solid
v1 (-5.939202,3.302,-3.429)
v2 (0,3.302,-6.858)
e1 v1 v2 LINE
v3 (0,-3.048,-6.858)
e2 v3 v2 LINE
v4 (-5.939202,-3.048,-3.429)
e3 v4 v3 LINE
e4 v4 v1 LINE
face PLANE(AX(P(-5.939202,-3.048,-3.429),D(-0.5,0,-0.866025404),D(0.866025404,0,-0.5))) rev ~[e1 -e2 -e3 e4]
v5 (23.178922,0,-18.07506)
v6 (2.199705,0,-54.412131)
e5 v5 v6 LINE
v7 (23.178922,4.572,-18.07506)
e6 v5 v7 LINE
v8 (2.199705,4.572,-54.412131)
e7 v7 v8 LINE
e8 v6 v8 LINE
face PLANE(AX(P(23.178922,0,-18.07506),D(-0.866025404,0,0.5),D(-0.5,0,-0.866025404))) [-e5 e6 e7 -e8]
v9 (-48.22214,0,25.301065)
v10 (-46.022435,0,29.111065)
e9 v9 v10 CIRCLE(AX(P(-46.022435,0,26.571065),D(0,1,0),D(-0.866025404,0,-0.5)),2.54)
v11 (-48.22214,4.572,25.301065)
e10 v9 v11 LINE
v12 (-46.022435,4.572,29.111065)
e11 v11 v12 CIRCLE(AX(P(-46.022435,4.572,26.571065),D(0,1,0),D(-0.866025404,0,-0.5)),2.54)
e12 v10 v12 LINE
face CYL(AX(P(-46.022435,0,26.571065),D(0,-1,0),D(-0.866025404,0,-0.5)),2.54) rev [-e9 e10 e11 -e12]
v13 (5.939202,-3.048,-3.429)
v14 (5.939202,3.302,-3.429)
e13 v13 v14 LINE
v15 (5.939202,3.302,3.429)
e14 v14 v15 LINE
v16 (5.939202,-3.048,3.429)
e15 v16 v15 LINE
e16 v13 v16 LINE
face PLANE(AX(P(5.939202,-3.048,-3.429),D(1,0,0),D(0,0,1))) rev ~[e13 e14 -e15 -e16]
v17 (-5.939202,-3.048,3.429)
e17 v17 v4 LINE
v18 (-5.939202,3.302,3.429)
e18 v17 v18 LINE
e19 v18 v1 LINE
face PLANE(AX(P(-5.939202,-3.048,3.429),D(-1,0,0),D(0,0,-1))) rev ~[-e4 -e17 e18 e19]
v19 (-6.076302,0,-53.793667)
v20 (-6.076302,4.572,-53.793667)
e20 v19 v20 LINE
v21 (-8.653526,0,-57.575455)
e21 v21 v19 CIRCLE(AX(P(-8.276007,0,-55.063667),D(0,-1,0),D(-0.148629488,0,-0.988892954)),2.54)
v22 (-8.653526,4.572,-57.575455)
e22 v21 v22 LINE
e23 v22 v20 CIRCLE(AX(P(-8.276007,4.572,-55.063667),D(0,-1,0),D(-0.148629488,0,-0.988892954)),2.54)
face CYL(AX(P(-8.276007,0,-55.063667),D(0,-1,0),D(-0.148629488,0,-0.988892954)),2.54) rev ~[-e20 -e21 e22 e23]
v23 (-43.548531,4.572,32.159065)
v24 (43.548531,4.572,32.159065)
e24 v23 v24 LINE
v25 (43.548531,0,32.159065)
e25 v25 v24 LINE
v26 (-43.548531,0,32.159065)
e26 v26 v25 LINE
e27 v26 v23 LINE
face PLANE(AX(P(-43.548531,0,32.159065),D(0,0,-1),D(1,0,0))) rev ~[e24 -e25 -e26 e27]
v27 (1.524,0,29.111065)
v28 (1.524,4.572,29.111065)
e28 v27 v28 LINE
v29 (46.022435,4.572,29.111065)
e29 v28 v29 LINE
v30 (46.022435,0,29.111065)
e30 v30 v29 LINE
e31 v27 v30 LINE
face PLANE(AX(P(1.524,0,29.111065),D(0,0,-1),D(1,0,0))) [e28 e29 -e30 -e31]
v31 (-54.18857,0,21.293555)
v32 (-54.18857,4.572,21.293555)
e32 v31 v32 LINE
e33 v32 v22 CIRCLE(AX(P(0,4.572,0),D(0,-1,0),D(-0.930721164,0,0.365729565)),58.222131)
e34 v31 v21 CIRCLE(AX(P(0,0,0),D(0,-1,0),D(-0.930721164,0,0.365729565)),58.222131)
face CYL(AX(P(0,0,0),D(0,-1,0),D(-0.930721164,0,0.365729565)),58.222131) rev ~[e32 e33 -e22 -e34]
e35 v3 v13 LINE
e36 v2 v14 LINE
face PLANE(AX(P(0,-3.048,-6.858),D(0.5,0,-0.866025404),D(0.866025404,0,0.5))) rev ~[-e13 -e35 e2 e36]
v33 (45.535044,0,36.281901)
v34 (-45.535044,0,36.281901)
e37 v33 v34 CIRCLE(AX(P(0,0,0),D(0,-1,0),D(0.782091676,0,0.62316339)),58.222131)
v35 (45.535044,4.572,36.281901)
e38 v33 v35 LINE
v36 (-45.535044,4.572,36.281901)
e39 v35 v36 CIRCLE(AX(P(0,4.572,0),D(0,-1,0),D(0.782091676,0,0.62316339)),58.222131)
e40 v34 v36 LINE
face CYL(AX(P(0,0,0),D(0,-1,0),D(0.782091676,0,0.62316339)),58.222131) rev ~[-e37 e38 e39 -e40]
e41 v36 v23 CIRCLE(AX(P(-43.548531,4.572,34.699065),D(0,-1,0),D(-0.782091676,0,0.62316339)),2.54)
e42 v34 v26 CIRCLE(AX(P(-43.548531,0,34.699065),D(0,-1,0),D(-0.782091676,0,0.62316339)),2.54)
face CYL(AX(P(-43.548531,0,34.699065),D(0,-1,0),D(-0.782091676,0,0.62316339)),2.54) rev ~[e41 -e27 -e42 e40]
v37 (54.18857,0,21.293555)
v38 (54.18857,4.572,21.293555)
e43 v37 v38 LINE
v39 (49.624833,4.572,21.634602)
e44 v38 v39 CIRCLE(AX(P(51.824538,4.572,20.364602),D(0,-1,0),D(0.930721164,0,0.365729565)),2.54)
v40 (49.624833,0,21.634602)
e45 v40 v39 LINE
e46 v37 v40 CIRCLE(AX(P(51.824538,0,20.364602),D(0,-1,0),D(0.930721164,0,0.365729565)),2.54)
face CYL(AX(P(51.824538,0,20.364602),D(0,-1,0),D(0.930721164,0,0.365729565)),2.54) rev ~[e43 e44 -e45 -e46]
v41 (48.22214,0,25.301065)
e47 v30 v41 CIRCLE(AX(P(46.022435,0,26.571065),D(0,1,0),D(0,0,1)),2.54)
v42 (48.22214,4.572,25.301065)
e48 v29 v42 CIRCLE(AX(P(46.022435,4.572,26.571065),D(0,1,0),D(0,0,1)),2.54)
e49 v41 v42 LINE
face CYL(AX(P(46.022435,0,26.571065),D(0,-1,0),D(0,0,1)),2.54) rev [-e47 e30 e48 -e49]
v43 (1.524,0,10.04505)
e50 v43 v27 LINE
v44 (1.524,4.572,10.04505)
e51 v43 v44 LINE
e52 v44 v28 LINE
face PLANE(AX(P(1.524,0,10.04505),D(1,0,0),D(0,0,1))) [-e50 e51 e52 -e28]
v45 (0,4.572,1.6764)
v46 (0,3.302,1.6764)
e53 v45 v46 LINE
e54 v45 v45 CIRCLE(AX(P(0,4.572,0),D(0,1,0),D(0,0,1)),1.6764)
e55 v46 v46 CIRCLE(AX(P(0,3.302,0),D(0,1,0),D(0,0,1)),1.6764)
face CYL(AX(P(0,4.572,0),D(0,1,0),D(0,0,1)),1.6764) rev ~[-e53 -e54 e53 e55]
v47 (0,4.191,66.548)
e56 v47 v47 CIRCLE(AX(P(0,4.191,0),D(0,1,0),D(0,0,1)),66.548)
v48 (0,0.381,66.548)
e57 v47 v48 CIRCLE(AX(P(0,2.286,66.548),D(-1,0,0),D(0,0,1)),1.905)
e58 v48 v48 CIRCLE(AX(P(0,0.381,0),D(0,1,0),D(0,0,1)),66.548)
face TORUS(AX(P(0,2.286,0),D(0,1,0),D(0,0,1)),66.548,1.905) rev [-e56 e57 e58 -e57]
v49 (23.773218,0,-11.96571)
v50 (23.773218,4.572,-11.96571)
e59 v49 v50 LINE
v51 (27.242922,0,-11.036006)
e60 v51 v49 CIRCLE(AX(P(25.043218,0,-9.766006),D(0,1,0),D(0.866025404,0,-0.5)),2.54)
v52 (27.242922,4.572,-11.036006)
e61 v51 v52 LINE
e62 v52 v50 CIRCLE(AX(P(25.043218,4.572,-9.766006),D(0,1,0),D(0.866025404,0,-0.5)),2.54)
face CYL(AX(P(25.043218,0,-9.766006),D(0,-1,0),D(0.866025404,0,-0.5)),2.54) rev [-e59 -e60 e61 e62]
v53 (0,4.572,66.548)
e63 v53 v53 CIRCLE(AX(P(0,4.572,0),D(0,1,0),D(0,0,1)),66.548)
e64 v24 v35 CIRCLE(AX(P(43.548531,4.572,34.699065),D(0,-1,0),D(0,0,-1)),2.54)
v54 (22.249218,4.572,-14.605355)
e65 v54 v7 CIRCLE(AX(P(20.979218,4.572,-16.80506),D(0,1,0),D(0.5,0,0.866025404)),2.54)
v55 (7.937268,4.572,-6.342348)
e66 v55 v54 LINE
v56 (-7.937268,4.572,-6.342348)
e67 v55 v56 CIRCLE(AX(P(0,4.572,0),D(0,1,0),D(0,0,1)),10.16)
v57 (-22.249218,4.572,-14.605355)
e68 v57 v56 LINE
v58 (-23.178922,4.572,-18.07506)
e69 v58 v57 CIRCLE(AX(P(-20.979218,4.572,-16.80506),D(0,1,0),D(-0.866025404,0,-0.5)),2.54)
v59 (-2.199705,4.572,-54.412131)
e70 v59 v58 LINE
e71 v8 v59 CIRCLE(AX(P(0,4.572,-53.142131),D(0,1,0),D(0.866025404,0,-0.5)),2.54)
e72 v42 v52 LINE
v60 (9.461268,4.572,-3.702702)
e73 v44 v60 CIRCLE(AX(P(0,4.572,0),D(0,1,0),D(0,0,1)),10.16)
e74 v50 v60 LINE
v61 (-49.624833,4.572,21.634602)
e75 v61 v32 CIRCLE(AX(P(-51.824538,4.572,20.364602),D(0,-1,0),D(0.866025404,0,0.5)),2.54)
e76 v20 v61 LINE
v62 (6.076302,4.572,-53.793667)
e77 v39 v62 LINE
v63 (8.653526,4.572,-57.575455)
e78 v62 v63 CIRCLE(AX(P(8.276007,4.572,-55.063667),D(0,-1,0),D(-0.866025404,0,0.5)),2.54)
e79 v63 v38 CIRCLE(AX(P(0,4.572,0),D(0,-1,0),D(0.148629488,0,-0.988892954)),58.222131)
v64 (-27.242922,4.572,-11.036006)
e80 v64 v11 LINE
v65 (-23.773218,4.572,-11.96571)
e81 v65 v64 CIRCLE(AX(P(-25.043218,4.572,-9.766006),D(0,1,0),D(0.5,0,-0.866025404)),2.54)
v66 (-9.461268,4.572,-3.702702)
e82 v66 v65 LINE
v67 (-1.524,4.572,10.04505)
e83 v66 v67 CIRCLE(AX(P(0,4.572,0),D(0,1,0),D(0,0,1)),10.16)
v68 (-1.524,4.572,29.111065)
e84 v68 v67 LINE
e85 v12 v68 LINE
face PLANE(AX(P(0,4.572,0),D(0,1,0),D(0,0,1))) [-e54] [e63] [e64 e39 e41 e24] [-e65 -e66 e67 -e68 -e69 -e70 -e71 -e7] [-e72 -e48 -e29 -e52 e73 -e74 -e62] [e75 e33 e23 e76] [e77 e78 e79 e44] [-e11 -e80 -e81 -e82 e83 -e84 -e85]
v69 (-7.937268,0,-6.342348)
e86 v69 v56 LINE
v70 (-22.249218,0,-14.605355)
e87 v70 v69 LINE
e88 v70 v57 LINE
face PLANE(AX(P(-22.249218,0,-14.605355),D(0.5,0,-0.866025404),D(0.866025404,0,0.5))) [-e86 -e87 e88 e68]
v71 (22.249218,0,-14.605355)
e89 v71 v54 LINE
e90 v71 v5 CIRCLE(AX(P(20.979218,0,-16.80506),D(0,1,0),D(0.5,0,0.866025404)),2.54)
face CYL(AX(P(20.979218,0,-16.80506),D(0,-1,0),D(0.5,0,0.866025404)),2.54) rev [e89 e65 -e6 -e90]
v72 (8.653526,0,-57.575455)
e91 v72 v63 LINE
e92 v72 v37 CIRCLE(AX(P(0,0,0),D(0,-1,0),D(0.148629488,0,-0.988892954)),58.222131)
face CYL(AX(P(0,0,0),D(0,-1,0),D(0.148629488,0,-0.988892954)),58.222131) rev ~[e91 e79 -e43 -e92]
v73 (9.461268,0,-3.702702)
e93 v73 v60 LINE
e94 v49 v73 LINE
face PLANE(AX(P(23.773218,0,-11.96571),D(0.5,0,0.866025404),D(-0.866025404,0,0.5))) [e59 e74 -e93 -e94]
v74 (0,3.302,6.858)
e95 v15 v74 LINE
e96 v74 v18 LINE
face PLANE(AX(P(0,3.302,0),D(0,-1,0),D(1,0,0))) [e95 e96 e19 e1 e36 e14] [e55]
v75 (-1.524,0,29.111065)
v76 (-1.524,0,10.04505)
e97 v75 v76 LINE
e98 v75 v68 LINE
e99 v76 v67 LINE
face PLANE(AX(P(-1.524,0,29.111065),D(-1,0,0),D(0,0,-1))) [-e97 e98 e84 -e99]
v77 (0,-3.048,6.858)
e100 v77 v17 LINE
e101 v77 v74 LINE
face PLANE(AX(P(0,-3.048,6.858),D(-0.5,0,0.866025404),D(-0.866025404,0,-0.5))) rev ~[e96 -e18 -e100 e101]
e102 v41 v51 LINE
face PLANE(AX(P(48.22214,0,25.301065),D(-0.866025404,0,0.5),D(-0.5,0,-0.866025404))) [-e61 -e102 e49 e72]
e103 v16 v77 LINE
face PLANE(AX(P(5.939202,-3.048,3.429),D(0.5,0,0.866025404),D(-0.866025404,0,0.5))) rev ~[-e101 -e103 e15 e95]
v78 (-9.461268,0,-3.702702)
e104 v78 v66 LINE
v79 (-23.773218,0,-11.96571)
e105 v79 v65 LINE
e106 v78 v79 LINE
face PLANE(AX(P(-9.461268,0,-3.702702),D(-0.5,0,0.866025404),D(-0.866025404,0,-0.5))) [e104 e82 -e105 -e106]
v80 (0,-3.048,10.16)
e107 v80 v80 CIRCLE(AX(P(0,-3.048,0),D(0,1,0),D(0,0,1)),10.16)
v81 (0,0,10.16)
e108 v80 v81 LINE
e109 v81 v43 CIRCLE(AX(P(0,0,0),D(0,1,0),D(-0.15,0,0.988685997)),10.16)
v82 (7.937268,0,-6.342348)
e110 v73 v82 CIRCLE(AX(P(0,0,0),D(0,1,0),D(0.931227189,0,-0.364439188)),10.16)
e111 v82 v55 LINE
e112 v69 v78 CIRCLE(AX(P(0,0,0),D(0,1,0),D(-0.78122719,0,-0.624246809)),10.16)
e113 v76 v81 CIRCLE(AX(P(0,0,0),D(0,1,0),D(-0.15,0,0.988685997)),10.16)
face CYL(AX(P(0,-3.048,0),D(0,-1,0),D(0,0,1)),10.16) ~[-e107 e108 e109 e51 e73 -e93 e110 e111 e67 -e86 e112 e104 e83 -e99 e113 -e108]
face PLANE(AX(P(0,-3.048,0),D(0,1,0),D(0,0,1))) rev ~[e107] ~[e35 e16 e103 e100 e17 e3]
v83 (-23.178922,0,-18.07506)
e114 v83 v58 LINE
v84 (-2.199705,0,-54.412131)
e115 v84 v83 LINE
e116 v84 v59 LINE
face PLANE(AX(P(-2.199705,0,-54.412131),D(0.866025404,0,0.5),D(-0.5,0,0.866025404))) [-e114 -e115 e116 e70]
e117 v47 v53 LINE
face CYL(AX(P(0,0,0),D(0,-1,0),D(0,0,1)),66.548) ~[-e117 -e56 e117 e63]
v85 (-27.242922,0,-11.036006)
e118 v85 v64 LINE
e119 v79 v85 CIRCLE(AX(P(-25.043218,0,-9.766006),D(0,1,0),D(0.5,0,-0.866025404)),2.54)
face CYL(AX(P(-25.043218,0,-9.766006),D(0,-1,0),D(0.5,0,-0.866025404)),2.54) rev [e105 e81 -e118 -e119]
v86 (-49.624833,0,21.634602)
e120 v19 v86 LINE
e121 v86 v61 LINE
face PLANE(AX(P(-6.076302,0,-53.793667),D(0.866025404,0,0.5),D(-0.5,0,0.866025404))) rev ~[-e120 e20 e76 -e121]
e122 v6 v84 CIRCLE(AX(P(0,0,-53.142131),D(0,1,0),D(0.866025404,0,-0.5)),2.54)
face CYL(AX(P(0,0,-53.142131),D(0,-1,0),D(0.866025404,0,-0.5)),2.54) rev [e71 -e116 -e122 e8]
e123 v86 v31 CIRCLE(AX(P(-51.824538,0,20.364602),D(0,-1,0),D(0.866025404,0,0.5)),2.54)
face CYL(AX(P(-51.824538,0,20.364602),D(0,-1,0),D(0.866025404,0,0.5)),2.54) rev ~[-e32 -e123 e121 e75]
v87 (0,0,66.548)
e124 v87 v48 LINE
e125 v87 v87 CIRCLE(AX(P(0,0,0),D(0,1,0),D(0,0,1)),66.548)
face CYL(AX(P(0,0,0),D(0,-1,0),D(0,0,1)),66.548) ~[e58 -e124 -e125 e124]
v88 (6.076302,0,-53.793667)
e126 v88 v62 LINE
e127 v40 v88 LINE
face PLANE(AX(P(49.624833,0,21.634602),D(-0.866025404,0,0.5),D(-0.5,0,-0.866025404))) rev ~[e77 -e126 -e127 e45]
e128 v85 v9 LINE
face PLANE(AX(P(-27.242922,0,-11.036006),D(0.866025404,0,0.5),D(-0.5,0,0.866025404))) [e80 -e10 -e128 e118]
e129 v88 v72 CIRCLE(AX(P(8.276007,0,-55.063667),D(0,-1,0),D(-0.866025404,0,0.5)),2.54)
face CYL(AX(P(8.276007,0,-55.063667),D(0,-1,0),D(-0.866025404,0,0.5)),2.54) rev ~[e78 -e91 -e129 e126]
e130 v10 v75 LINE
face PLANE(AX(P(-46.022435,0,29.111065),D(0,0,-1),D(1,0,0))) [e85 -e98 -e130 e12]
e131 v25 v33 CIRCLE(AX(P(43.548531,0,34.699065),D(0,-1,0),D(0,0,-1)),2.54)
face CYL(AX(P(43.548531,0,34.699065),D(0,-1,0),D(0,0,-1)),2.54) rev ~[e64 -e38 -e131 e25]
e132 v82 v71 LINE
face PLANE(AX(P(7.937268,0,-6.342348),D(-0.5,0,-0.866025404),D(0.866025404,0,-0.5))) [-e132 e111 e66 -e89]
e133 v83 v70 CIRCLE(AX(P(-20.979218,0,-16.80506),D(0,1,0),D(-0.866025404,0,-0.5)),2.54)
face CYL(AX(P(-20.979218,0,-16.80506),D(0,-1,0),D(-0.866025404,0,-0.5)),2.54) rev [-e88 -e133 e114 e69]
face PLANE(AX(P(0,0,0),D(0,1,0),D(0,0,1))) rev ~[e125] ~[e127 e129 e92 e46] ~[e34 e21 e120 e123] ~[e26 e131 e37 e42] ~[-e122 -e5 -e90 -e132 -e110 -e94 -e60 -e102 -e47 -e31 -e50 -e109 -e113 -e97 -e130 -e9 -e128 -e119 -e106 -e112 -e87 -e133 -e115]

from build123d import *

# Parameters (mm, degrees)
SKETCH1_R           = 66.548
BOSS_EXTRUDE1_DEPTH = 4.572
BOSS_EXTRUDE2_START = -7.62
SKETCH2_R           = 10.16
BOSS_EXTRUDE2_DEPTH = 7.62
SKETCH3_R           = 1.6764
CUT_EXTRUDE1_DEPTH  = 7.62
CUT_EXTRUDE2_DEPTH  = 6.35
SKETCH6_R           = 1.905


with BuildPart() as part:
    # Sketch1 → Boss-Extrude1 (new body)
    with BuildSketch(Plane(origin=(0, 0, 0), x_dir=(1, 0, 0), z_dir=(0, 1, 0))):
        with Locations(Location((0, 0, 0), (0, 0, 270))):
            Circle(SKETCH1_R)
        with BuildLine():
            Line((7.937268245, 6.342347578), (22.249217727, 14.605355465))
            ThreePointArc((22.249217727, 14.605355465), (23.432669326, 16.147659616), (23.178922253, 18.07505999))
            Line((23.178922253, 18.07505999), (2.199704526, 54.412130997))
            ThreePointArc((2.199704526, 54.412130997), (0, 55.682130997), (-2.199704526, 54.412130997))
            Line((-2.199704526, 54.412130997), (-23.178922253, 18.07505999))
            ThreePointArc((-23.178922253, 18.07505999), (-23.432669326, 16.147659616), (-22.249217727, 14.605355465))
            Line((-22.249217727, 14.605355465), (-7.937268245, 6.342347578))
            ThreePointArc((-7.937268245, 6.342347578), (-8.798818102, 5.08), (-9.461268245, 3.702702148))
            Line((-9.461268245, 3.702702148), (-23.773217727, 11.965710034))
            ThreePointArc((-23.773217727, 11.965710034), (-25.700618102, 12.219457107), (-27.242922253, 11.036005508))
            Line((-27.242922253, 11.036005508), (-48.22213998, -25.301065498))
            ThreePointArc((-48.22213998, -25.301065498), (-48.22213998, -27.841065498), (-46.022435454, -29.111065498))
            Line((-46.022435454, -29.111065498), (-1.524, -29.111065498))
            Line((-1.524, -29.111065498), (-1.524, -10.045049726))
            ThreePointArc((-1.524, -10.045049726), (0, -10.16), (1.524, -10.045049726))
            Line((1.524, -10.045049726), (1.524, -29.111065498))
            Line((1.524, -29.111065498), (46.022435454, -29.111065498))
            ThreePointArc((46.022435454, -29.111065498), (48.22213998, -27.841065498), (48.22213998, -25.301065498))
            Line((48.22213998, -25.301065498), (27.242922253, 11.036005508))
            ThreePointArc((27.242922253, 11.036005508), (25.700618102, 12.219457107), (23.773217727, 11.965710034))
            Line((23.773217727, 11.965710034), (9.461268245, 3.702702148))
            ThreePointArc((9.461268245, 3.702702148), (8.798818102, 5.08), (7.937268245, 6.342347578))
        make_face(mode=Mode.SUBTRACT)
        with BuildLine():
            Line((-6.076302105, 53.793667028), (-49.624833262, -21.63460153))
            ThreePointArc((-49.624833262, -21.63460153), (-52.01382357, -22.897538736), (-54.188569544, -21.293554624))
            ThreePointArc((-54.188569544, -21.293554624), (-50.421844506, 29.111065498), (-8.653525531, 57.575455132))
            ThreePointArc((-8.653525531, 57.575455132), (-6.177061556, 56.494061928), (-6.076302105, 53.793667028))
        make_face(mode=Mode.SUBTRACT)
        with BuildLine():
            Line((-43.548531156, -32.159065498), (43.548531156, -32.159065498))
            ThreePointArc((43.548531156, -32.159065498), (45.836762015, -33.596523192), (45.535044013, -36.281900508))
            ThreePointArc((45.535044013, -36.281900508), (0, -58.222130997), (-45.535044013, -36.281900508))
            ThreePointArc((-45.535044013, -36.281900508), (-45.836762015, -33.596523192), (-43.548531156, -32.159065498))
        make_face(mode=Mode.SUBTRACT)
        with BuildLine():
            Line((49.624833262, -21.63460153), (6.076302105, 53.793667028))
            ThreePointArc((6.076302105, 53.793667028), (6.177061556, 56.494061928), (8.653525531, 57.575455132))
            ThreePointArc((8.653525531, 57.575455132), (50.421844506, 29.111065498), (54.188569544, -21.293554624))
            ThreePointArc((54.188569544, -21.293554624), (52.01382357, -22.897538736), (49.624833262, -21.63460153))
        make_face(mode=Mode.SUBTRACT)
    extrude(amount=BOSS_EXTRUDE1_DEPTH)

    # Sketch2 → Boss-Extrude2 (add)
    with BuildSketch(Plane(origin=(0, 4.572, 0), x_dir=(1, 0, 0), z_dir=(0, 1, 0)).offset(BOSS_EXTRUDE2_START)):
        with Locations(Location((0, 0, 0), (0, 0, 270))):
            Circle(SKETCH2_R)
    extrude(amount=BOSS_EXTRUDE2_DEPTH)

    # Sketch3 → Cut-Extrude1 (cut)
    with BuildSketch(Plane(origin=(0, 4.572, 0), x_dir=(1, 0, 0), z_dir=(0, 1, 0))):
        with Locations(Location((0, 0, 0), (0, 0, 270))):
            Circle(SKETCH3_R)
    extrude(amount=-CUT_EXTRUDE1_DEPTH, mode=Mode.SUBTRACT)

    # Sketch4 → Cut-Extrude2 (cut)
    with BuildSketch(Plane.XZ.offset(3.048)):
        Polygon((0, 6.858), (-5.939202219, 3.429), (-5.939202219, -3.429), (0, -6.858), (5.939202219, -3.429), (5.939202219, 3.429), align=None)
    extrude(amount=-CUT_EXTRUDE2_DEPTH, mode=Mode.SUBTRACT)

    # Sketch6 → Cut-Revolve1 (revolve, cut)
    with BuildSketch(Plane(origin=(0, 0, 0), x_dir=(0, 0, -1), z_dir=(1, 0, 0)), mode=Mode.PRIVATE) as cut_revolve1_sk:
        with Locations((66.548, 2.286)):
            Circle(SKETCH6_R)
    revolve(cut_revolve1_sk.sketch.rotate(Axis((0, 8.629088399, 0), (0, -1, 0)), 180), axis=Axis((0, 8.629088399, 0), (0, -1, 0)), mode=Mode.SUBTRACT)


solid = part.part
